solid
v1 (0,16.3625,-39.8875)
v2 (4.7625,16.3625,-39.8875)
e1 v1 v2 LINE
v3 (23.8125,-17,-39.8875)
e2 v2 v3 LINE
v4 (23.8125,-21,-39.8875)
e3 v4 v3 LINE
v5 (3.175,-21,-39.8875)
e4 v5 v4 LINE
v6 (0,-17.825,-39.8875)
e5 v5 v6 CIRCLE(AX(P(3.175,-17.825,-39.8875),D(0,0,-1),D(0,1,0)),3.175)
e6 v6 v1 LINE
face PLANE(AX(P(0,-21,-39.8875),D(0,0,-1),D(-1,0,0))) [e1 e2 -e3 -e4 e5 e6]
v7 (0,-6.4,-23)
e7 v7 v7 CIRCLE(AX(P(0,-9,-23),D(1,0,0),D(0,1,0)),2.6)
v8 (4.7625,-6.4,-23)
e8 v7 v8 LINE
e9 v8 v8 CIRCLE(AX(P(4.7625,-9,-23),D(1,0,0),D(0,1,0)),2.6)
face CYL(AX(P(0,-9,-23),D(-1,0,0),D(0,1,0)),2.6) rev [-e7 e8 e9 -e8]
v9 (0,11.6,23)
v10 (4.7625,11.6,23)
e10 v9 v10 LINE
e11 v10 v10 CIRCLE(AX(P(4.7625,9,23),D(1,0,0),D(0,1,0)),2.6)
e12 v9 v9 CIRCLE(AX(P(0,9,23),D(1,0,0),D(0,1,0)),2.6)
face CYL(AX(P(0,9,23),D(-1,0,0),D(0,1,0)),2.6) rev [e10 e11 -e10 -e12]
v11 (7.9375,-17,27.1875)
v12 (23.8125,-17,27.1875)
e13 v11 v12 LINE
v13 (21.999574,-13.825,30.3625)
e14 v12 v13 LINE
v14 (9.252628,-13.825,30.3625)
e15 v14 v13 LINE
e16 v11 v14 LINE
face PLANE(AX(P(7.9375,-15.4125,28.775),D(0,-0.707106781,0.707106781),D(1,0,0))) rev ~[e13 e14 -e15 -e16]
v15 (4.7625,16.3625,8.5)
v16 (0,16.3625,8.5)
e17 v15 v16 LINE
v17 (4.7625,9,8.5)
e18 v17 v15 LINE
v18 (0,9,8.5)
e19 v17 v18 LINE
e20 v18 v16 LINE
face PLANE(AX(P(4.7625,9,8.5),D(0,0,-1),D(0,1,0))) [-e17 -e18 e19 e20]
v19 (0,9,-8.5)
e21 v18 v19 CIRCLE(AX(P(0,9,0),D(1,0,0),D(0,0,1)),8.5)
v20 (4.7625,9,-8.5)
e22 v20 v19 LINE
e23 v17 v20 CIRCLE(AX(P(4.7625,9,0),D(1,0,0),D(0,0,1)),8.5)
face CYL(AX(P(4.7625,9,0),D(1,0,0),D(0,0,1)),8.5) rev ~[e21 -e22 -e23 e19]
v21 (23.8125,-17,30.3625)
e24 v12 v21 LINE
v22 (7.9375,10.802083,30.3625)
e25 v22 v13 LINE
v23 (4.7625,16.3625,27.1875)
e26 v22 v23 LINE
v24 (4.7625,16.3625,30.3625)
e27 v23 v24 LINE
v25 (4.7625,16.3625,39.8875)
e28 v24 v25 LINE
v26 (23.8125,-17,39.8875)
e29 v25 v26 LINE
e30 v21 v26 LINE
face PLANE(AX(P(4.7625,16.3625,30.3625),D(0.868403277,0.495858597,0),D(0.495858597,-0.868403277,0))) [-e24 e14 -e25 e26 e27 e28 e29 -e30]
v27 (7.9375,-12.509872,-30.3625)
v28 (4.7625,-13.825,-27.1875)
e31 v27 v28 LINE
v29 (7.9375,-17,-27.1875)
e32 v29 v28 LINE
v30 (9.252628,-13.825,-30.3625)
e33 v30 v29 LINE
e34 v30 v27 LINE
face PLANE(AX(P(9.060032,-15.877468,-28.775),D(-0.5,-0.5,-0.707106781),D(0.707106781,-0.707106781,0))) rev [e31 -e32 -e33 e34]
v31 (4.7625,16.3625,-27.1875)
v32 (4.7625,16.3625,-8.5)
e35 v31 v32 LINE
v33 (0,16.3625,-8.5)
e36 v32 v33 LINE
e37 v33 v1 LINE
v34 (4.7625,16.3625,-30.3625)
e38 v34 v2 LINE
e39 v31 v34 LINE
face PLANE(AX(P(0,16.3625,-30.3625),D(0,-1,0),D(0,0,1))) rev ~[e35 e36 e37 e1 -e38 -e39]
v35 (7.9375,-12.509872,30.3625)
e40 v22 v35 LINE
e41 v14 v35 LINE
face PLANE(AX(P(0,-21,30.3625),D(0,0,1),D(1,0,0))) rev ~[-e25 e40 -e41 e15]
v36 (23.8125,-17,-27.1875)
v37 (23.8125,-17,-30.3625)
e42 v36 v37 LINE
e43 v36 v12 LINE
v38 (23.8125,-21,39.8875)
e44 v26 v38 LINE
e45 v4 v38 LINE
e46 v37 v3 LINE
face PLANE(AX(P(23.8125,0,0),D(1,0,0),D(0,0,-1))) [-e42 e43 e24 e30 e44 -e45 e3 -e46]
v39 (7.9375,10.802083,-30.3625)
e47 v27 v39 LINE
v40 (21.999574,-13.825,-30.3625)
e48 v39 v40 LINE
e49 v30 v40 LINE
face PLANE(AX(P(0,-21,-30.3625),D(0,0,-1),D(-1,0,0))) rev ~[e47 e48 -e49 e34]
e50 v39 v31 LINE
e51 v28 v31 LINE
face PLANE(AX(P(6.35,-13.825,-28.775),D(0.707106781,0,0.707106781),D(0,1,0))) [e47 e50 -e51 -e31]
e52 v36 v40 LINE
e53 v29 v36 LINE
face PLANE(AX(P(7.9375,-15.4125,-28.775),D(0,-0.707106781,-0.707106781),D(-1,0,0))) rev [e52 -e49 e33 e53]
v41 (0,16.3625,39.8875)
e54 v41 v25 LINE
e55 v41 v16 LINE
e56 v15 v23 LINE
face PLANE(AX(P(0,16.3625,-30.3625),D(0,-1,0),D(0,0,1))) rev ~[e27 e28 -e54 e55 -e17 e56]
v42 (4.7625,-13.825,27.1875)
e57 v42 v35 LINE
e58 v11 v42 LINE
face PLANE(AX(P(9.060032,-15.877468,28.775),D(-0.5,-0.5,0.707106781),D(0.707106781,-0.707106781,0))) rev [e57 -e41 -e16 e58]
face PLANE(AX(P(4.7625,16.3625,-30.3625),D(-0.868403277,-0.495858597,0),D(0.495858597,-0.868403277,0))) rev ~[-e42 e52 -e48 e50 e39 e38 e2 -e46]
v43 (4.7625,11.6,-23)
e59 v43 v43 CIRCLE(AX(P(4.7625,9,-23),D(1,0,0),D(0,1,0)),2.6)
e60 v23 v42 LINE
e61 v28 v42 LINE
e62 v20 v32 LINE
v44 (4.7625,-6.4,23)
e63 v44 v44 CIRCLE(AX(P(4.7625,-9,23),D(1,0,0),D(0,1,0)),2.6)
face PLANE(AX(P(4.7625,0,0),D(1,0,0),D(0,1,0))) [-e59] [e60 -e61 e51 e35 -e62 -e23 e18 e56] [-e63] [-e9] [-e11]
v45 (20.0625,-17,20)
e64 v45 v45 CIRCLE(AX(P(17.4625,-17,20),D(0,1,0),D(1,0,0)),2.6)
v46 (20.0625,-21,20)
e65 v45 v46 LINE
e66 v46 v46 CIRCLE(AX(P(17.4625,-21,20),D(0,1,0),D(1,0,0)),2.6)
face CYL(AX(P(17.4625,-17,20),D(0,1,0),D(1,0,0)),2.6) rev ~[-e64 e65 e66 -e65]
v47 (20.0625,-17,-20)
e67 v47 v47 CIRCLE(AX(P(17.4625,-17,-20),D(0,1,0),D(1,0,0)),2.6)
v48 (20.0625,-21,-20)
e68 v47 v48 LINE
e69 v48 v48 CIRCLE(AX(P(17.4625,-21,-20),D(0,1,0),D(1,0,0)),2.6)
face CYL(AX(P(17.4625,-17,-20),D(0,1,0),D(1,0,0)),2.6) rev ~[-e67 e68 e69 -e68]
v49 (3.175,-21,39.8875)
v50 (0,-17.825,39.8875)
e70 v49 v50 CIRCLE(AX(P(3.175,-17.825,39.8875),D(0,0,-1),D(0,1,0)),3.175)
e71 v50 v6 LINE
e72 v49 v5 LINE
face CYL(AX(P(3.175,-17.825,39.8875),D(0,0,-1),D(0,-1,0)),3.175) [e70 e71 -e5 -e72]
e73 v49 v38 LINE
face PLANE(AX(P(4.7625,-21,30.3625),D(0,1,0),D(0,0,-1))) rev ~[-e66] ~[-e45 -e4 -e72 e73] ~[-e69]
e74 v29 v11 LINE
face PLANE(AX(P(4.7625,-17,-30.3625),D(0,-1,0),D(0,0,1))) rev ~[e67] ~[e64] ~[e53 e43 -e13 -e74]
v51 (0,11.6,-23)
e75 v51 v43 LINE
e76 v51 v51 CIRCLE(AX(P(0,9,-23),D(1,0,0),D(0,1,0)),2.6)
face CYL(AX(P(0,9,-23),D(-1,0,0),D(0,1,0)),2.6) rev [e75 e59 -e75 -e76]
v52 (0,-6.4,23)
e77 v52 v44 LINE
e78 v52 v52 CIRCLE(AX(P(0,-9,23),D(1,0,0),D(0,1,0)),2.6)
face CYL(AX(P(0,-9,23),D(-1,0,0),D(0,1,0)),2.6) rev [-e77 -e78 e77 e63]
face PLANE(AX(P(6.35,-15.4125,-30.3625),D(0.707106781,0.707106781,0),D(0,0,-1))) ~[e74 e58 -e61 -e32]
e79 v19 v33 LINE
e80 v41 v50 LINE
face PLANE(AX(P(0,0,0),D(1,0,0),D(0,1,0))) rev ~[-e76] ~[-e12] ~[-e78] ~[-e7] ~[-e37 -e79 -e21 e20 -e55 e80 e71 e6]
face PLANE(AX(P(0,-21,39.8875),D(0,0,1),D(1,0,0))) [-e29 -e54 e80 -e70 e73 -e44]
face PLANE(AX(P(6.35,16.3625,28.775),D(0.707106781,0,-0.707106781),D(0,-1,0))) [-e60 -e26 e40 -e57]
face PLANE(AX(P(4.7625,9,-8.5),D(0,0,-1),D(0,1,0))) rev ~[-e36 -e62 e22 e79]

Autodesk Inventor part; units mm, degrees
ref_plane "YZ Plane" through (0, 0, 0) normal (1, 0, 0) x (0, 1, 0)
ref_plane "XZ Plane" through (0, 0, 0) normal (0, 1, 0) x (-1, 0, 0)
ref_plane "XY Plane" through (0, 0, 0) normal (0, 0, 1) x (1, 0, 0)
sketch "Sketch1" plane through (0, 0, 0) normal (1, 0, 0) x (0, 1, 0)
  line L0 (-9, -23) -> (9, -23) construction
  line L1 (9, -23) -> (9, 23) construction
  line L2 (9, 23) -> (-9, 23) construction
  line L3 (-9, 23) -> (-9, -23) construction
  line L4 (-9, -23) -> (9, 23) construction
  line L5 (9, -23) -> (-9, 23) construction
  circle A0 centre (9, 23) radius 2.6
  circle A1 centre (9, -23) radius 2.6
  circle A2 centre (-9, -23) radius 2.6
  circle A3 centre (-9, 23) radius 2.6
  circle A4 centre (9, 23) radius 7.3625 construction
  circle A5 centre (9, -23) radius 7.3625 construction
  circle A6 centre (-9, -23) radius 7.3625 construction
  circle A7 centre (-9, 23) radius 7.3625 construction
  line L6 (16.3625, 30.3625) -> (-21, 30.3625)
  line L7 (-21, 30.3625) -> (-21, -30.3625)
  line L8 (-21, -30.3625) -> (16.3625, -30.3625)
  line L9 (16.3625, -30.3625) -> (16.3625, 30.3625)
  point P0 (0, 0)
  dimension "d0" = 5.2
  dimension "d1" = 46
  dimension "d2" = 18
  dimension "d3" = 4.7625
  dimension "d7" = 12
extrude "Extrusion1" add sketch "Sketch1" along normal blind 4.7625
sketch "Sketch4" plane through (4.7625, 0, 0) normal (1, 0, 0) x (0, 0, -1)
  arc A0 (-8.5, 9) -> (8.5, 9) centre (0, 9) ccw
  circle A1 centre (-23, 9) radius 2.6 projected
  line L0 (8.5, 9) -> (8.5, 16.3625)
  line L1 (30.3625, 16.3625) -> (-30.3625, 16.3625) projected
  line L2 (-8.5, 9) -> (-8.5, 16.3625)
  point P0 (0, 0)
  point P1 (27.1875, 16.3625)
  point P2 (-27.1875, 16.3625)
  dimension "d21" = 17
extrude "Extrusion5" cut sketch "Sketch4" against normal through all contours L2 L1 L0 A0
sketch "Sketch5" plane through (4.7625, 0, 0) normal (1, 0, 0) x (0, 0, -1)
  line L0 (30.3625, 16.3625) -> (8.5, 16.3625) projected
  line L1 (-30.3625, 16.3625) -> (-30.3625, -21) projected
  line L2 (-30.3625, -21) -> (30.3625, -21) projected
  line L3 (30.3625, -21) -> (30.3625, 16.3625) projected
  line L4 (-8.5, 16.3625) -> (-30.3625, 16.3625) projected
  line L5 (8.5, 16.3625) -> (8.5, 9) projected
  arc A0 (-8.5, 9) -> (8.5, 9) centre (0, 9) ccw projected
  line L6 (-8.5, 9) -> (-8.5, 16.3625) projected
  circle A1 centre (-23, -9) radius 2.6 projected
  circle A2 centre (23, -9) radius 2.6 projected
  circle A3 centre (23, 9) radius 2.6 projected
  circle A4 centre (-23, 9) radius 2.6 projected
  line L7 (30.3625, -21) -> (30.3625, 13.1875) projected
  line L8 (-30.3625, -21) -> (30.3625, -21)
  line L9 (30.3625, -21) -> (30.3625, -17)
  line L10 (30.3625, -17) -> (-30.3625, -17)
  line L11 (-30.3625, -17) -> (-30.3625, -21)
  point P0 (0, 0)
  point P1 (30.3625, -17.825)
  point P2 (30.3625, -17)
  point P3 (-30.3625, -17)
  dimension "d29" = 4
extrude "Extrusion6" add sketch "Sketch5" along normal blind 19.05 contours L3 L2 L1 L10
sketch "Sketch6" plane through (4.7625, -17, 30.3625) normal (0, 1, 0) x (1, 0, 0)
  circle A0 centre (12.7, 10.3625) radius 2.6
  circle A1 centre (12.7, 50.3625) radius 2.6
  line L0 (0, 9.9625) -> (0, 4.7625) projected
  line L1 (0, 0) -> (0, 60.725) projected
  line L2 (19.05, 60.725) -> (19.05, 0) projected
  point P0 (-4.7625, 30.3625)
  point P1 (19.05, 30.3625)
  point P2 (19.05, 30.3625)
  dimension "d32" = 5.2
  dimension "d34" = 20
  dimension "d35" = 20
  dimension "d40" = 6.35
extrude "Extrusion7" cut sketch "Sketch6" against normal through all
sketch "Sketch12" plane through (0, -21, -30.3625) normal (0, 0, -1) x (-1, 0, 0)
  line L0 (0, 0) -> (0, 37.3625) projected
  line L1 (0, 37.3625) -> (-4.7625, 37.3625) projected
  line L2 (-4.7625, 4) -> (-4.7625, 37.3625) projected
  line L3 (-4.7625, 4) -> (-23.8125, 4) projected
  line L4 (-23.8125, 0) -> (-23.8125, 4) projected
  line L5 (0, 0) -> (-23.8125, 0) projected
  line L6 (-23.8125, 0) -> (-23.8125, 4) projected
  line L7 (-4.7625, 37.3625) -> (-23.8125, 4)
  point P0 (0, 21)
extrude "Extrusion13" add sketch "Sketch12" along normal blind 9.525
sketch "Sketch13" plane through (0, -21, 30.3625) normal (0, 0, 1) x (1, 0, 0)
  line L0 (4.7625, 4) -> (23.8125, 4) projected
  line L1 (4.7625, 37.3625) -> (23.8125, 4) projected
  line L2 (4.7625, 4) -> (4.7625, 37.3625) projected
  line L3 (0, 37.3625) -> (0, 0) projected
  line L4 (0, 0) -> (23.8125, 0) projected
  line L5 (23.8125, 4) -> (23.8125, 0) projected
  line L6 (4.7625, 4) -> (23.8125, 4) projected
  line L7 (4.7625, 37.3625) -> (4.7625, 4) projected
  line L8 (0, 37.3625) -> (4.7625, 37.3625) projected
  point P0 (0, 21)
  point P1 (23.8125, 4)
  point P2 (4.7625, 37.3625)
extrude "Extrusion14" add sketch "Sketch13" along normal blind 9.525
chamfer "Chamfer1" distance 3.175 angle 45 1 edges at (4.7625, -17, 0)
chamfer "Chamfer2" distance 3.175 angle 45 6 edges at (15.875, -17, 30.3625) (6.35, -15.4125, 30.3625) (4.7625, 1.2687, 30.3625) (4.7625, 1.2688, -30.3625) (6.35, -15.4125, -30.3625) (15.875, -17, -30.3625)
fillet "Fillet9" radius 3.175 1 edges at (0, -21, 0)
equation "\"d35\" = d34"
properties part number "CNC-022-XAxisBallScrewStabilizerMount" material "ABS Plastic"
